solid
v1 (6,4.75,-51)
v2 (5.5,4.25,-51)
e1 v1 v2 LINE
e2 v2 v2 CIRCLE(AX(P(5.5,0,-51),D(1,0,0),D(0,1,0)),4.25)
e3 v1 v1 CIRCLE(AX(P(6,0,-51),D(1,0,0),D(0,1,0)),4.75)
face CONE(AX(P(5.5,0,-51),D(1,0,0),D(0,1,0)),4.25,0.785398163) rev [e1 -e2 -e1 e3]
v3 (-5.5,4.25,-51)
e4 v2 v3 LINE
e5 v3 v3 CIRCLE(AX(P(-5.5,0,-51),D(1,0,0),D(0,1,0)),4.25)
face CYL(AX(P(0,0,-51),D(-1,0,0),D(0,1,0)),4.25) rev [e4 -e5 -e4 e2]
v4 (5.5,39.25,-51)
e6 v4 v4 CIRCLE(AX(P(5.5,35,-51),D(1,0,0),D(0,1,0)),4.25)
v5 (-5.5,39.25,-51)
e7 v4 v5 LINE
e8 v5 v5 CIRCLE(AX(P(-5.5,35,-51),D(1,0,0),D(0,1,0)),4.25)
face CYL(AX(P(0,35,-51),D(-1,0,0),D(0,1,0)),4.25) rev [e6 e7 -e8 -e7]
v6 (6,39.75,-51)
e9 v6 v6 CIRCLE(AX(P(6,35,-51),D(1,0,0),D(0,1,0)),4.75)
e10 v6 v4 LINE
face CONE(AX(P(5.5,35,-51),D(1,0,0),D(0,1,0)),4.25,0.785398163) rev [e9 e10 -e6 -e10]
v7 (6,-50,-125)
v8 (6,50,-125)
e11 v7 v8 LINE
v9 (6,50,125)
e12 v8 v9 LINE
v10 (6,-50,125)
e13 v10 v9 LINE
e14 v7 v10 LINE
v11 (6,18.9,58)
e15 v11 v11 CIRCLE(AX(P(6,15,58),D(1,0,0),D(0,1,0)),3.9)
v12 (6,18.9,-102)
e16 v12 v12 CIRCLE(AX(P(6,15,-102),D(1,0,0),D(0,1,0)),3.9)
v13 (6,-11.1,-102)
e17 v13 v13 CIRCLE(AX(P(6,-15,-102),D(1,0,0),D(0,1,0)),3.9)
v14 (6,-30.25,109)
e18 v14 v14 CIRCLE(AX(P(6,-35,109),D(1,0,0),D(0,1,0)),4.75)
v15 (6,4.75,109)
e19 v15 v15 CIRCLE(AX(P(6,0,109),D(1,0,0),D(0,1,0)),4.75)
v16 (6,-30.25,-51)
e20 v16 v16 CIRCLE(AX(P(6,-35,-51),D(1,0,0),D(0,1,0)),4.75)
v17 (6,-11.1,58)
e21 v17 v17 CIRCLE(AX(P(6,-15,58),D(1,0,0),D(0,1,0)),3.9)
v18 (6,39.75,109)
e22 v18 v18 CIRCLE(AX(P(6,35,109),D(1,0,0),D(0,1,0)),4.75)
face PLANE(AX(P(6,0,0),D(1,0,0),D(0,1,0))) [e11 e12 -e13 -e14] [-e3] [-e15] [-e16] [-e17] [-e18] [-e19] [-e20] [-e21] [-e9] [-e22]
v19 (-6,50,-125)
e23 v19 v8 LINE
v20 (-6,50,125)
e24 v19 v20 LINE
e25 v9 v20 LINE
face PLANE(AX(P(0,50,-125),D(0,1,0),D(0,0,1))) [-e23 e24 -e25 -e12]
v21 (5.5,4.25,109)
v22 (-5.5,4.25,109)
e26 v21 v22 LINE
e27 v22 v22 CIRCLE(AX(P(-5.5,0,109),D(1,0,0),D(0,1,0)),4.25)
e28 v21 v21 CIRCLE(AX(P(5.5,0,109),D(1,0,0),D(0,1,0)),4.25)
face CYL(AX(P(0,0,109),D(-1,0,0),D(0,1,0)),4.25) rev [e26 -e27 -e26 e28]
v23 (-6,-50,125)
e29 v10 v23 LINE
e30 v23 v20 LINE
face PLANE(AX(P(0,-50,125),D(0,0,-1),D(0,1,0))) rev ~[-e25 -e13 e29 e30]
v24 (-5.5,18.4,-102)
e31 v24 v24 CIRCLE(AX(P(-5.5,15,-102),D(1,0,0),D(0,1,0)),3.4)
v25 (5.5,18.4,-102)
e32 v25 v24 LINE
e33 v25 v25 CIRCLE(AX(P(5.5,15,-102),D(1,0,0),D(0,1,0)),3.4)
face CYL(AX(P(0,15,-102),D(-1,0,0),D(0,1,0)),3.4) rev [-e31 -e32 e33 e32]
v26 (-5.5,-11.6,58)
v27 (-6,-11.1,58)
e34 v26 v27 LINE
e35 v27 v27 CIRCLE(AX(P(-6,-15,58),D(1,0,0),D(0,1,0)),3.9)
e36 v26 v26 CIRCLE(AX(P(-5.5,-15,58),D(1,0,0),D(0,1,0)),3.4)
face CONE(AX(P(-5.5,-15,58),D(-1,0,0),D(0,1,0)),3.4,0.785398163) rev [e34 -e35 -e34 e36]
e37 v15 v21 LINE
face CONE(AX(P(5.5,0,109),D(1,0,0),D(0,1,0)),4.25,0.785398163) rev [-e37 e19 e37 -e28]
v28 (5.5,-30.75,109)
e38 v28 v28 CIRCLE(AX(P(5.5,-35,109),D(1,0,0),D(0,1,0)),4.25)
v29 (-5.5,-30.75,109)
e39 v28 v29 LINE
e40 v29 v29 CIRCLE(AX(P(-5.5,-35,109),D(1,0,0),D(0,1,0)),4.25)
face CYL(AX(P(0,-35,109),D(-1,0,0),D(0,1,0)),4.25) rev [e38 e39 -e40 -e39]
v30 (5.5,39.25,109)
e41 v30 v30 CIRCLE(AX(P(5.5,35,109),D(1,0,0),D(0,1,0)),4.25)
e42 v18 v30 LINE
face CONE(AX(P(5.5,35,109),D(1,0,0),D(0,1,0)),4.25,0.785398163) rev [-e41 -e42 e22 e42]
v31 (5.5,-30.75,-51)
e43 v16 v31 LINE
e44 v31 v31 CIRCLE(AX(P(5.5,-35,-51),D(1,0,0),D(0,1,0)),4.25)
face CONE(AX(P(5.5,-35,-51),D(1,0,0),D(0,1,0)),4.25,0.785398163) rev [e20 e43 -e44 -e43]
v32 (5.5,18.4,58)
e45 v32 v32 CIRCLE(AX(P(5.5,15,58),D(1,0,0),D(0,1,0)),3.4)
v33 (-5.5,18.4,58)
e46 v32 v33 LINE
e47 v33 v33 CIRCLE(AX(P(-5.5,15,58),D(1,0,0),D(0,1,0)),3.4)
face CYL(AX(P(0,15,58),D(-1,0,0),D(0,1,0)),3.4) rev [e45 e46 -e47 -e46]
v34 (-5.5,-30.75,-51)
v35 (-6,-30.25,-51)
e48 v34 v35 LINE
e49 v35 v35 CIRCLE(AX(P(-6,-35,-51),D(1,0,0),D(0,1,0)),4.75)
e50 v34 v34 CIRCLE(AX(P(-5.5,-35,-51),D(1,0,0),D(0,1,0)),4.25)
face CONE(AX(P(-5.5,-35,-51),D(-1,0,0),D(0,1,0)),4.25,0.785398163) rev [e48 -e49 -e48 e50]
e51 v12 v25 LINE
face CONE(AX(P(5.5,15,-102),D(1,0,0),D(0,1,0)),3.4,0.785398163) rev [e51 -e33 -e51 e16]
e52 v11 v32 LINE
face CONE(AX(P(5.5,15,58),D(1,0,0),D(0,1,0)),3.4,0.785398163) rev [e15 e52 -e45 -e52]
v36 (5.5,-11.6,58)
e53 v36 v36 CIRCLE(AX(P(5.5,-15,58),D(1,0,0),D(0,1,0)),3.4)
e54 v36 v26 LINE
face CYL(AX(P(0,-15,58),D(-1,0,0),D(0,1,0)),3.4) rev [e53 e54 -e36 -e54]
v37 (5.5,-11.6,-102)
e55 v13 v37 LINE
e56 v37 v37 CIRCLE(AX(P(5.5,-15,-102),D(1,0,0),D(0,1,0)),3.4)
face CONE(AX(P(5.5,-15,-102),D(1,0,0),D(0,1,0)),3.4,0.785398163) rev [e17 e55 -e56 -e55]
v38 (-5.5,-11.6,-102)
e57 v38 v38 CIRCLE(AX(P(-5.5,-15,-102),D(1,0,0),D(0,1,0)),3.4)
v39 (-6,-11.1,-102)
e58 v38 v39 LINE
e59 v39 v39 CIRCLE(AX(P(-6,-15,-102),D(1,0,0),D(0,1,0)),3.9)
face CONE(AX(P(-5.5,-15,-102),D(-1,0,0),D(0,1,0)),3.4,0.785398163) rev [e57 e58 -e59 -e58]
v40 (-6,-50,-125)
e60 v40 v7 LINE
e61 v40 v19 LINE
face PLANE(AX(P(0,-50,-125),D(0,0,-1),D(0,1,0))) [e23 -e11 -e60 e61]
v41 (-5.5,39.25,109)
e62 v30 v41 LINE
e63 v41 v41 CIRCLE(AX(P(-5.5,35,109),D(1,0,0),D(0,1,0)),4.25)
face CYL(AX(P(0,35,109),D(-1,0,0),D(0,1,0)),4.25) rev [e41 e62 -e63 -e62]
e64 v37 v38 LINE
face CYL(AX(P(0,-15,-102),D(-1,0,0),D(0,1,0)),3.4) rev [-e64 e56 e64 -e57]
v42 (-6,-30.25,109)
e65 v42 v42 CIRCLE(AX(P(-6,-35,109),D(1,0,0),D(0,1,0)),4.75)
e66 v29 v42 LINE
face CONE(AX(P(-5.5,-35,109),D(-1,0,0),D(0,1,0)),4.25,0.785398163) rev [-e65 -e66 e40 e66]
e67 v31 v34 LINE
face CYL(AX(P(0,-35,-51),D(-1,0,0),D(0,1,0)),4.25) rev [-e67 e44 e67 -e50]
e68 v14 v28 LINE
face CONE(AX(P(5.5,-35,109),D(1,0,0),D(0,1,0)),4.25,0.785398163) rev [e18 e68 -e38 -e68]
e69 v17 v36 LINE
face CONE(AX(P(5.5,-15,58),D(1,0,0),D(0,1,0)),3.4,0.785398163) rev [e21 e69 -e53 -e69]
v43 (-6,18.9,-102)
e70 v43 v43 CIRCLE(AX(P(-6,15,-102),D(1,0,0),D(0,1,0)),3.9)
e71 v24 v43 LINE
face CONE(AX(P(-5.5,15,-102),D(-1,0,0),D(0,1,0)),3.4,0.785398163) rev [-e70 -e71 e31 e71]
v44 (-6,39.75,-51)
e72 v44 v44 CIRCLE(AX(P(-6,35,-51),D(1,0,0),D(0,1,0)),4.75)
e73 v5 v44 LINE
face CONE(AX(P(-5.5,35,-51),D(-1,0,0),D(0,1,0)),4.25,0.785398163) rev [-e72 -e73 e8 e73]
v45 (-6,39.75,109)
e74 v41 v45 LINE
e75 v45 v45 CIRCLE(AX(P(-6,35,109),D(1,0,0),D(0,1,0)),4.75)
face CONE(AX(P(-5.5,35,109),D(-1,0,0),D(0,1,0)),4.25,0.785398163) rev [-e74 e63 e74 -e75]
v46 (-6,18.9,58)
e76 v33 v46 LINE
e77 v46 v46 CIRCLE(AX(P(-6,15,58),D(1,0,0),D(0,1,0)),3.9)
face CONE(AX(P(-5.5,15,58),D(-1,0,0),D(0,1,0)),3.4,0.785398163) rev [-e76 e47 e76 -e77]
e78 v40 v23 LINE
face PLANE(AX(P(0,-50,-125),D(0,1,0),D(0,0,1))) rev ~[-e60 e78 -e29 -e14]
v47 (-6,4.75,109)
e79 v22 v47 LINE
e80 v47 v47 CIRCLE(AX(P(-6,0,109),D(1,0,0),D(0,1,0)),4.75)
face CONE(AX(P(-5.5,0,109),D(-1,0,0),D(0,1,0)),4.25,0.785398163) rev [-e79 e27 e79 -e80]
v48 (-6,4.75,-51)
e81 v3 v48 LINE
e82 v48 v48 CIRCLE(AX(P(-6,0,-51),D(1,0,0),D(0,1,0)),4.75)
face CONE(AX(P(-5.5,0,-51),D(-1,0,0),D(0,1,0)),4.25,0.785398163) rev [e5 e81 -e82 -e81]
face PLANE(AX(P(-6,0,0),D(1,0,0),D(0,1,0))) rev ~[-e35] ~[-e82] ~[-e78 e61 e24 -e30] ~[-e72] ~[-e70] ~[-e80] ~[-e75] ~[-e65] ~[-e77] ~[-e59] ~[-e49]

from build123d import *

# Parameters (mm, degrees)
F0_W     = 100
F0_H     = 250
F0_R     = 3.4
F0_R_2   = 4.25
F1_DEPTH = 6
F2_SIZE  = 0.5


with BuildPart() as f1:
    # F0 (on Right) → F1 (new body, symmetric)
    with BuildSketch(Plane.YZ):
        Rectangle(F0_W, F0_H)
        with Locations((-15, -102)):
            Circle(F0_R, mode=Mode.SUBTRACT)
        with Locations((-35, -51)):
            Circle(F0_R_2, mode=Mode.SUBTRACT)
        with Locations((15, -102)):
            Circle(F0_R, mode=Mode.SUBTRACT)
        with Locations((0, -51)):
            Circle(F0_R_2, mode=Mode.SUBTRACT)
        with Locations((35, -51)):
            Circle(F0_R_2, mode=Mode.SUBTRACT)
        with Locations((-15, 58)):
            Circle(F0_R, mode=Mode.SUBTRACT)
        with Locations((-35, 109)):
            Circle(F0_R_2, mode=Mode.SUBTRACT)
        with Locations((15, 58)):
            Circle(F0_R, mode=Mode.SUBTRACT)
        with Locations((0, 109)):
            Circle(F0_R_2, mode=Mode.SUBTRACT)
        with Locations((35, 109)):
            Circle(F0_R_2, mode=Mode.SUBTRACT)
    extrude(amount=F1_DEPTH, both=True)

    # F2
    f2_edges = [f1.edges().sort_by_distance(p)[0] for p in [
        (6, -39.25, 109),
        (0, -30.75, 109),
        (-6, -39.25, 109),
        (6, -4.25, 109),
        (0, 4.25, 109),
        (-6, -4.25, 109),
        (6, 30.75, 109),
        (0, 39.25, 109),
        (-6, 30.75, 109),
        (6, 30.75, -51),
        (0, 39.25, -51),
        (-6, 30.75, -51),
        (6, -4.25, -51),
        (0, 4.25, -51),
        (-6, -4.25, -51),
        (6, -39.25, -51),
        (0, -30.75, -51),
        (-6, -39.25, -51),
        (6, -18.4, 58),
        (0, -11.6, 58),
        (-6, -18.4, 58),
        (6, 11.6, 58),
        (0, 18.4, 58),
        (-6, 11.6, 58),
        (6, -18.4, -102),
        (0, -11.6, -102),
        (-6, -18.4, -102),
        (6, 11.6, -102),
        (0, 18.4, -102),
        (-6, 11.6, -102),
    ]]
    chamfer(f2_edges, length=F2_SIZE)


solid = f1.part
